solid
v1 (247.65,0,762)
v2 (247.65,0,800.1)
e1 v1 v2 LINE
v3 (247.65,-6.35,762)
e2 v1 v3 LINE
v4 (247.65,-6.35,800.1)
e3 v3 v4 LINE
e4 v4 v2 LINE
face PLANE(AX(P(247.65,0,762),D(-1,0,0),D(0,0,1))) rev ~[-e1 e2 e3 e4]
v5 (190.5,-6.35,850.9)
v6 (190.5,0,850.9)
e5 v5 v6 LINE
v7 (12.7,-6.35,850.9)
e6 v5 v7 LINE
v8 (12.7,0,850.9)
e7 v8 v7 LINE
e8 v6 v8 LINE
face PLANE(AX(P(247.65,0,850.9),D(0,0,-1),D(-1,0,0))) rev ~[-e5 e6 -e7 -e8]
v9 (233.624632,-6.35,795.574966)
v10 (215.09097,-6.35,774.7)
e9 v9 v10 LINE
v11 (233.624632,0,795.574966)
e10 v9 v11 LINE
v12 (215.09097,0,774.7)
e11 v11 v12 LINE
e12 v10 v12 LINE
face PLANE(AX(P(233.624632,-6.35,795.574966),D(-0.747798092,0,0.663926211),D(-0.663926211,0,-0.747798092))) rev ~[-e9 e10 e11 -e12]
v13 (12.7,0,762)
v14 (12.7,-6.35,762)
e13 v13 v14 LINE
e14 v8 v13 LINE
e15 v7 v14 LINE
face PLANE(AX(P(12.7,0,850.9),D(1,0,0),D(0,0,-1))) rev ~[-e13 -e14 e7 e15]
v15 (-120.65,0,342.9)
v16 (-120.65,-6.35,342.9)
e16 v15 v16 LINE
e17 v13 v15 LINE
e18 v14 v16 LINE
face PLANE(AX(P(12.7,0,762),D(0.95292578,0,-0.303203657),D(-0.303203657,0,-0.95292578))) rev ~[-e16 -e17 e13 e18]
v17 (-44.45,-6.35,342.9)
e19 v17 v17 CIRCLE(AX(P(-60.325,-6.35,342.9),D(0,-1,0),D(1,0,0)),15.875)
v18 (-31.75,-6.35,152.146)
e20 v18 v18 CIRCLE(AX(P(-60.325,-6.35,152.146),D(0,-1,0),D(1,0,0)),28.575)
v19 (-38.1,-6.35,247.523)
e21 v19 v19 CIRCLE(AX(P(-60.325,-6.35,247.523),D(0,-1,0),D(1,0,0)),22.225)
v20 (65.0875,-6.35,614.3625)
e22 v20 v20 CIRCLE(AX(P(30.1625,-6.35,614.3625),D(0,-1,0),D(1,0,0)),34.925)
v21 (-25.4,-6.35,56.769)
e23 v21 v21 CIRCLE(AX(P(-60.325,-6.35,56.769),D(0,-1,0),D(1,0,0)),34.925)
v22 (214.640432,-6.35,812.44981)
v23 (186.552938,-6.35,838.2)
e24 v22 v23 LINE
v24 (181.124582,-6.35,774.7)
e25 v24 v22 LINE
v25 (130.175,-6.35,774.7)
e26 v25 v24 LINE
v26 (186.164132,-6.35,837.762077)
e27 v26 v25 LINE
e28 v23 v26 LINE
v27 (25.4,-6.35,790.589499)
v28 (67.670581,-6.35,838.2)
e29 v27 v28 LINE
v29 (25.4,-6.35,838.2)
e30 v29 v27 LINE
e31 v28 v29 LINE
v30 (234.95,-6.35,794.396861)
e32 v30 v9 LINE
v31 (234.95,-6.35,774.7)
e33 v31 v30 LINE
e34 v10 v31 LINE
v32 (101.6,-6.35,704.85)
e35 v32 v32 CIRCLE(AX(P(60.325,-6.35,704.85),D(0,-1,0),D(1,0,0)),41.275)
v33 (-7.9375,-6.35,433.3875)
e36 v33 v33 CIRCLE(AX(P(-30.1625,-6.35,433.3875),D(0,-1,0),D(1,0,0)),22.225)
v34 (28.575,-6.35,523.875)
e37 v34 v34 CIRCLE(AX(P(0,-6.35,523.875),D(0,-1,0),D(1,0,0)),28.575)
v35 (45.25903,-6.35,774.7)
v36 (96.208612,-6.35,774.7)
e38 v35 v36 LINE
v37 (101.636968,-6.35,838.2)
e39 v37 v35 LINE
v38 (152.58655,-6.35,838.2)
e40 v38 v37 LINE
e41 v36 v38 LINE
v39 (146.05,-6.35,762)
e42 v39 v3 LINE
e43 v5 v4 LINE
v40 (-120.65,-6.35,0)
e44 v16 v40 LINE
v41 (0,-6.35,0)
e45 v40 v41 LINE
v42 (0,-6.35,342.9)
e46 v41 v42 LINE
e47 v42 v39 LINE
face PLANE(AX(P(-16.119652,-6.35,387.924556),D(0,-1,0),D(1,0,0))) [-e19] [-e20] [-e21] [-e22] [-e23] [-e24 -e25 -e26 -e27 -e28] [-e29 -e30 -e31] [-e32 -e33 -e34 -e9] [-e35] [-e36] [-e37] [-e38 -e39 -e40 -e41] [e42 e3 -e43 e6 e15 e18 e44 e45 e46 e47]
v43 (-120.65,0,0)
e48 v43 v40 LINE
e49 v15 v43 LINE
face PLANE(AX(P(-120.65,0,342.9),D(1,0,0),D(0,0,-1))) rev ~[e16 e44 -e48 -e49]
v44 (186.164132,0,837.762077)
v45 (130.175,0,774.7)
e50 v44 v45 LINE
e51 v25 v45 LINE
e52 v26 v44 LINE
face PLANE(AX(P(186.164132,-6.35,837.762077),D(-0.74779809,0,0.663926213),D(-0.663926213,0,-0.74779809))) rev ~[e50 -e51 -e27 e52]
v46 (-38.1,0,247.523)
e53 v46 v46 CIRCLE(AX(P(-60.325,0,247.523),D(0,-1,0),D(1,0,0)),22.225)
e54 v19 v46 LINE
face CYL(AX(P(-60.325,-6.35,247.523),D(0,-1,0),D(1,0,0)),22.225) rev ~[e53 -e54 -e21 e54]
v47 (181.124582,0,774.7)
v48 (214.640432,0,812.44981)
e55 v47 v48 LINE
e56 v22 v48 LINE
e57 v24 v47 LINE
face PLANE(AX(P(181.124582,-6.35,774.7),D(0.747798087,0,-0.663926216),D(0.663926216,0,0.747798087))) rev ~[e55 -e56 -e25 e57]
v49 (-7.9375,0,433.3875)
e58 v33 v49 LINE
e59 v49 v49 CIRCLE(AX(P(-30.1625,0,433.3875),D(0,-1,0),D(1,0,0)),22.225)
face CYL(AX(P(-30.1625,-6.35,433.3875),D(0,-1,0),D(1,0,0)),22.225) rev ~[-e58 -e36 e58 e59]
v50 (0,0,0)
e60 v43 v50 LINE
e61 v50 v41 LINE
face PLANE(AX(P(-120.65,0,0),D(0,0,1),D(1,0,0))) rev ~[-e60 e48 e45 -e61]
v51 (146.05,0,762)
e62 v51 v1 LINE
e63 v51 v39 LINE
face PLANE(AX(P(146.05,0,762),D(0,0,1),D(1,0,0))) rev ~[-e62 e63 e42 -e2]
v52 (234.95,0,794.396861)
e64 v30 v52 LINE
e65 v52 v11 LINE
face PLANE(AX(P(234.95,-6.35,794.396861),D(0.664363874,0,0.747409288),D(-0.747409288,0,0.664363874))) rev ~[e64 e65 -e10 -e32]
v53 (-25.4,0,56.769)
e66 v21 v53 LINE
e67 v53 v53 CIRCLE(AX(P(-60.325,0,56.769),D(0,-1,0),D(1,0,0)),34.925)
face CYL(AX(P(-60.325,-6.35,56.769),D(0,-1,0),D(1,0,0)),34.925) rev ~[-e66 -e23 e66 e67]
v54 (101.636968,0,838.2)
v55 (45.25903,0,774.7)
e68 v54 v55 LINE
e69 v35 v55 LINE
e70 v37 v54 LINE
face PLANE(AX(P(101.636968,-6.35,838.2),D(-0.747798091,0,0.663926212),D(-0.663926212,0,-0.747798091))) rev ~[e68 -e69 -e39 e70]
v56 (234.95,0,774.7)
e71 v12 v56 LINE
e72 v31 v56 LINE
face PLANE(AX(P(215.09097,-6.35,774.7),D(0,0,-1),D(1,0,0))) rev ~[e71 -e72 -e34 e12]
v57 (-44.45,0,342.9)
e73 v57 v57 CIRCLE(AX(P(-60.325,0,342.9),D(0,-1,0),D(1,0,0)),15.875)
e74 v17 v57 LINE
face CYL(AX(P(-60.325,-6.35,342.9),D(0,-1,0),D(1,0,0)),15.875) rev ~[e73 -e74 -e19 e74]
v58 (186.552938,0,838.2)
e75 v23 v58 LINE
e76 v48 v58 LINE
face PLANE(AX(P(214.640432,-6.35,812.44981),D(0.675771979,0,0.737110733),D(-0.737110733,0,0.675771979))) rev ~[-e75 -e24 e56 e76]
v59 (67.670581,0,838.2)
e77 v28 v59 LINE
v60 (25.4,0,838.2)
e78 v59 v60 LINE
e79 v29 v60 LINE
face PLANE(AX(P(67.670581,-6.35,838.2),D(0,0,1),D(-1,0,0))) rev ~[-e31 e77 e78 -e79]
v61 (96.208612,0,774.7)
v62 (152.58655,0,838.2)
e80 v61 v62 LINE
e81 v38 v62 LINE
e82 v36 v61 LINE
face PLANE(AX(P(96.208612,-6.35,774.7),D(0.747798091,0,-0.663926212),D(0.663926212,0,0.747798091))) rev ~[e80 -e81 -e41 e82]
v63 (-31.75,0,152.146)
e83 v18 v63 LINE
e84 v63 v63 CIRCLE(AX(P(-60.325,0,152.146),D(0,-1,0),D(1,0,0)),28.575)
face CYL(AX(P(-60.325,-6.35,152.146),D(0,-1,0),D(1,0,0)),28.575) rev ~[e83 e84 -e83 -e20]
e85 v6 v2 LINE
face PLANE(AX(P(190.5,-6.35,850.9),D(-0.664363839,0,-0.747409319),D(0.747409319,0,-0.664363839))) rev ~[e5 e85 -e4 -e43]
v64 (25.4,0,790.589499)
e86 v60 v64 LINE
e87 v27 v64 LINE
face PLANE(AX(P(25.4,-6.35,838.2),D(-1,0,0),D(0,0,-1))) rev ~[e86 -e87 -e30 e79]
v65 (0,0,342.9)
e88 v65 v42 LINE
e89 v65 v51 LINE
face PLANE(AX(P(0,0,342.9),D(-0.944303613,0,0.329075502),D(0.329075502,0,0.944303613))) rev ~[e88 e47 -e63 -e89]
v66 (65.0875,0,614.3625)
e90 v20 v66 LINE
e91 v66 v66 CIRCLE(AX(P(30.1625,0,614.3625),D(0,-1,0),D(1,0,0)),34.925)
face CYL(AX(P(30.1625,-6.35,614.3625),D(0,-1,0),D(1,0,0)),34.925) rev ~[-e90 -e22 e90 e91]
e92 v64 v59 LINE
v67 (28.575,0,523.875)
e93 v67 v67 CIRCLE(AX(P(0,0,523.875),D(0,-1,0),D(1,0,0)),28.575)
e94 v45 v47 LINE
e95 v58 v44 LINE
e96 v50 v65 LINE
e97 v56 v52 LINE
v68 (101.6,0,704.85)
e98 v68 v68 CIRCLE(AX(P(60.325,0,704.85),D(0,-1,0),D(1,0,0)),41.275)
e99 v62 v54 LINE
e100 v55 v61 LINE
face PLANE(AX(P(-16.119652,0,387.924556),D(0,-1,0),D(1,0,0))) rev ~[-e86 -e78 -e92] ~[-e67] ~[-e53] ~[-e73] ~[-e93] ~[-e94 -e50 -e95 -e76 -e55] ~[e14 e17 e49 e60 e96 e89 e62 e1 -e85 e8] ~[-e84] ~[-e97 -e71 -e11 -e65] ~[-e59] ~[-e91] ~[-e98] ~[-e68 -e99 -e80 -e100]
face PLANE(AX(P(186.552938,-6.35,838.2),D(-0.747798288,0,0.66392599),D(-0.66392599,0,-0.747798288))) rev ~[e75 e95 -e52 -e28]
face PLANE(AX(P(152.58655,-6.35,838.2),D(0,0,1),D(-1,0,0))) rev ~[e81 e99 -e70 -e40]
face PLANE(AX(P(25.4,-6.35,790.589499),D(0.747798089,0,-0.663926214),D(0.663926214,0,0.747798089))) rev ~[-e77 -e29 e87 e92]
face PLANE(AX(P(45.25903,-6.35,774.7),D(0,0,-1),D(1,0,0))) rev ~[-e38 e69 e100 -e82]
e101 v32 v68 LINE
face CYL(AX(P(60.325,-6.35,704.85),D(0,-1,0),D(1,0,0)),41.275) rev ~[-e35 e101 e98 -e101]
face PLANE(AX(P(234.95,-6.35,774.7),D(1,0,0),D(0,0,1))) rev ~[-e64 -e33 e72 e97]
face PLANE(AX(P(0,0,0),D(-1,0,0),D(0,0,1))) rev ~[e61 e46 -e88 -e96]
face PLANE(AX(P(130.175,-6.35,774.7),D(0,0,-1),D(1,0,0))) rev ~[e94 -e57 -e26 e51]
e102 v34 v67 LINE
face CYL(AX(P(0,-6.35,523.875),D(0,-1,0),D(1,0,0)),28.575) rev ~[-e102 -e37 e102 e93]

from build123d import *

# Parameters (mm, degrees)
F1_DEPTH = 6.35
F3_DEPTH = 25.4
F4_R     = 15.875
F4_R_2   = 22.225
F4_R_3   = 41.275
F4_R_4   = 28.575
F4_R_5   = 34.925
F5_DEPTH = 25.4


with BuildPart() as f1:
    # F0 (on Front) → F1 (new body)
    with BuildSketch(Plane.XZ):
        Polygon((-120.65, 342.9), (-120.65, 0), (0, 0), (0, 342.9), (146.05, 762), (12.7, 762), align=None)
        Polygon((12.7, 850.9), (12.7, 762), (146.05, 762), (247.65, 762), (247.65, 850.9), align=None)
    extrude(amount=F1_DEPTH)

    # F2 (on face) → F3 (cut)
    with BuildSketch(Plane.XZ.offset(6.35)):
        Polygon((247.65, 850.9), (190.5, 850.9), (247.65, 800.1), align=None)
    extrude(amount=-F3_DEPTH, mode=Mode.SUBTRACT)

    # F4 (on face) → F5 (cut)
    with BuildSketch(Plane.XZ.offset(6.35)):
        with Locations((-60.325, 342.9)):
            Circle(F4_R)
        with Locations((-30.1625, 433.3875)):
            Circle(F4_R_2)
        with Locations((60.325, 704.85)):
            Circle(F4_R_3)
        Polygon((186.552938, 838.2), (186.164132, 837.762077), (214.640432, 812.44981), align=None)
        Polygon((234.95, 794.396861), (233.624632, 795.574966), (215.09097, 774.7), (234.95, 774.7), align=None)
        with Locations((0, 523.875)):
            Circle(F4_R_4)
        with Locations((30.1625, 614.3625)):
            Circle(F4_R_5)
        Polygon((67.670581, 838.2), (25.4, 838.2), (25.4, 790.589499), align=None)
        Polygon((152.58655, 838.2), (101.636968, 838.2), (45.25903, 774.7), (96.208612, 774.7), align=None)
        Polygon((214.640432, 812.44981), (186.164132, 837.762077), (130.175, 774.7), (181.124582, 774.7), align=None)
        with Locations((-60.325, 247.523)):
            Circle(F4_R_2)
        with Locations((-60.325, 152.146)):
            Circle(F4_R_4)
        with Locations((-60.325, 56.769)):
            Circle(F4_R_5)
    extrude(amount=-F5_DEPTH, mode=Mode.SUBTRACT)


solid = f1.part
